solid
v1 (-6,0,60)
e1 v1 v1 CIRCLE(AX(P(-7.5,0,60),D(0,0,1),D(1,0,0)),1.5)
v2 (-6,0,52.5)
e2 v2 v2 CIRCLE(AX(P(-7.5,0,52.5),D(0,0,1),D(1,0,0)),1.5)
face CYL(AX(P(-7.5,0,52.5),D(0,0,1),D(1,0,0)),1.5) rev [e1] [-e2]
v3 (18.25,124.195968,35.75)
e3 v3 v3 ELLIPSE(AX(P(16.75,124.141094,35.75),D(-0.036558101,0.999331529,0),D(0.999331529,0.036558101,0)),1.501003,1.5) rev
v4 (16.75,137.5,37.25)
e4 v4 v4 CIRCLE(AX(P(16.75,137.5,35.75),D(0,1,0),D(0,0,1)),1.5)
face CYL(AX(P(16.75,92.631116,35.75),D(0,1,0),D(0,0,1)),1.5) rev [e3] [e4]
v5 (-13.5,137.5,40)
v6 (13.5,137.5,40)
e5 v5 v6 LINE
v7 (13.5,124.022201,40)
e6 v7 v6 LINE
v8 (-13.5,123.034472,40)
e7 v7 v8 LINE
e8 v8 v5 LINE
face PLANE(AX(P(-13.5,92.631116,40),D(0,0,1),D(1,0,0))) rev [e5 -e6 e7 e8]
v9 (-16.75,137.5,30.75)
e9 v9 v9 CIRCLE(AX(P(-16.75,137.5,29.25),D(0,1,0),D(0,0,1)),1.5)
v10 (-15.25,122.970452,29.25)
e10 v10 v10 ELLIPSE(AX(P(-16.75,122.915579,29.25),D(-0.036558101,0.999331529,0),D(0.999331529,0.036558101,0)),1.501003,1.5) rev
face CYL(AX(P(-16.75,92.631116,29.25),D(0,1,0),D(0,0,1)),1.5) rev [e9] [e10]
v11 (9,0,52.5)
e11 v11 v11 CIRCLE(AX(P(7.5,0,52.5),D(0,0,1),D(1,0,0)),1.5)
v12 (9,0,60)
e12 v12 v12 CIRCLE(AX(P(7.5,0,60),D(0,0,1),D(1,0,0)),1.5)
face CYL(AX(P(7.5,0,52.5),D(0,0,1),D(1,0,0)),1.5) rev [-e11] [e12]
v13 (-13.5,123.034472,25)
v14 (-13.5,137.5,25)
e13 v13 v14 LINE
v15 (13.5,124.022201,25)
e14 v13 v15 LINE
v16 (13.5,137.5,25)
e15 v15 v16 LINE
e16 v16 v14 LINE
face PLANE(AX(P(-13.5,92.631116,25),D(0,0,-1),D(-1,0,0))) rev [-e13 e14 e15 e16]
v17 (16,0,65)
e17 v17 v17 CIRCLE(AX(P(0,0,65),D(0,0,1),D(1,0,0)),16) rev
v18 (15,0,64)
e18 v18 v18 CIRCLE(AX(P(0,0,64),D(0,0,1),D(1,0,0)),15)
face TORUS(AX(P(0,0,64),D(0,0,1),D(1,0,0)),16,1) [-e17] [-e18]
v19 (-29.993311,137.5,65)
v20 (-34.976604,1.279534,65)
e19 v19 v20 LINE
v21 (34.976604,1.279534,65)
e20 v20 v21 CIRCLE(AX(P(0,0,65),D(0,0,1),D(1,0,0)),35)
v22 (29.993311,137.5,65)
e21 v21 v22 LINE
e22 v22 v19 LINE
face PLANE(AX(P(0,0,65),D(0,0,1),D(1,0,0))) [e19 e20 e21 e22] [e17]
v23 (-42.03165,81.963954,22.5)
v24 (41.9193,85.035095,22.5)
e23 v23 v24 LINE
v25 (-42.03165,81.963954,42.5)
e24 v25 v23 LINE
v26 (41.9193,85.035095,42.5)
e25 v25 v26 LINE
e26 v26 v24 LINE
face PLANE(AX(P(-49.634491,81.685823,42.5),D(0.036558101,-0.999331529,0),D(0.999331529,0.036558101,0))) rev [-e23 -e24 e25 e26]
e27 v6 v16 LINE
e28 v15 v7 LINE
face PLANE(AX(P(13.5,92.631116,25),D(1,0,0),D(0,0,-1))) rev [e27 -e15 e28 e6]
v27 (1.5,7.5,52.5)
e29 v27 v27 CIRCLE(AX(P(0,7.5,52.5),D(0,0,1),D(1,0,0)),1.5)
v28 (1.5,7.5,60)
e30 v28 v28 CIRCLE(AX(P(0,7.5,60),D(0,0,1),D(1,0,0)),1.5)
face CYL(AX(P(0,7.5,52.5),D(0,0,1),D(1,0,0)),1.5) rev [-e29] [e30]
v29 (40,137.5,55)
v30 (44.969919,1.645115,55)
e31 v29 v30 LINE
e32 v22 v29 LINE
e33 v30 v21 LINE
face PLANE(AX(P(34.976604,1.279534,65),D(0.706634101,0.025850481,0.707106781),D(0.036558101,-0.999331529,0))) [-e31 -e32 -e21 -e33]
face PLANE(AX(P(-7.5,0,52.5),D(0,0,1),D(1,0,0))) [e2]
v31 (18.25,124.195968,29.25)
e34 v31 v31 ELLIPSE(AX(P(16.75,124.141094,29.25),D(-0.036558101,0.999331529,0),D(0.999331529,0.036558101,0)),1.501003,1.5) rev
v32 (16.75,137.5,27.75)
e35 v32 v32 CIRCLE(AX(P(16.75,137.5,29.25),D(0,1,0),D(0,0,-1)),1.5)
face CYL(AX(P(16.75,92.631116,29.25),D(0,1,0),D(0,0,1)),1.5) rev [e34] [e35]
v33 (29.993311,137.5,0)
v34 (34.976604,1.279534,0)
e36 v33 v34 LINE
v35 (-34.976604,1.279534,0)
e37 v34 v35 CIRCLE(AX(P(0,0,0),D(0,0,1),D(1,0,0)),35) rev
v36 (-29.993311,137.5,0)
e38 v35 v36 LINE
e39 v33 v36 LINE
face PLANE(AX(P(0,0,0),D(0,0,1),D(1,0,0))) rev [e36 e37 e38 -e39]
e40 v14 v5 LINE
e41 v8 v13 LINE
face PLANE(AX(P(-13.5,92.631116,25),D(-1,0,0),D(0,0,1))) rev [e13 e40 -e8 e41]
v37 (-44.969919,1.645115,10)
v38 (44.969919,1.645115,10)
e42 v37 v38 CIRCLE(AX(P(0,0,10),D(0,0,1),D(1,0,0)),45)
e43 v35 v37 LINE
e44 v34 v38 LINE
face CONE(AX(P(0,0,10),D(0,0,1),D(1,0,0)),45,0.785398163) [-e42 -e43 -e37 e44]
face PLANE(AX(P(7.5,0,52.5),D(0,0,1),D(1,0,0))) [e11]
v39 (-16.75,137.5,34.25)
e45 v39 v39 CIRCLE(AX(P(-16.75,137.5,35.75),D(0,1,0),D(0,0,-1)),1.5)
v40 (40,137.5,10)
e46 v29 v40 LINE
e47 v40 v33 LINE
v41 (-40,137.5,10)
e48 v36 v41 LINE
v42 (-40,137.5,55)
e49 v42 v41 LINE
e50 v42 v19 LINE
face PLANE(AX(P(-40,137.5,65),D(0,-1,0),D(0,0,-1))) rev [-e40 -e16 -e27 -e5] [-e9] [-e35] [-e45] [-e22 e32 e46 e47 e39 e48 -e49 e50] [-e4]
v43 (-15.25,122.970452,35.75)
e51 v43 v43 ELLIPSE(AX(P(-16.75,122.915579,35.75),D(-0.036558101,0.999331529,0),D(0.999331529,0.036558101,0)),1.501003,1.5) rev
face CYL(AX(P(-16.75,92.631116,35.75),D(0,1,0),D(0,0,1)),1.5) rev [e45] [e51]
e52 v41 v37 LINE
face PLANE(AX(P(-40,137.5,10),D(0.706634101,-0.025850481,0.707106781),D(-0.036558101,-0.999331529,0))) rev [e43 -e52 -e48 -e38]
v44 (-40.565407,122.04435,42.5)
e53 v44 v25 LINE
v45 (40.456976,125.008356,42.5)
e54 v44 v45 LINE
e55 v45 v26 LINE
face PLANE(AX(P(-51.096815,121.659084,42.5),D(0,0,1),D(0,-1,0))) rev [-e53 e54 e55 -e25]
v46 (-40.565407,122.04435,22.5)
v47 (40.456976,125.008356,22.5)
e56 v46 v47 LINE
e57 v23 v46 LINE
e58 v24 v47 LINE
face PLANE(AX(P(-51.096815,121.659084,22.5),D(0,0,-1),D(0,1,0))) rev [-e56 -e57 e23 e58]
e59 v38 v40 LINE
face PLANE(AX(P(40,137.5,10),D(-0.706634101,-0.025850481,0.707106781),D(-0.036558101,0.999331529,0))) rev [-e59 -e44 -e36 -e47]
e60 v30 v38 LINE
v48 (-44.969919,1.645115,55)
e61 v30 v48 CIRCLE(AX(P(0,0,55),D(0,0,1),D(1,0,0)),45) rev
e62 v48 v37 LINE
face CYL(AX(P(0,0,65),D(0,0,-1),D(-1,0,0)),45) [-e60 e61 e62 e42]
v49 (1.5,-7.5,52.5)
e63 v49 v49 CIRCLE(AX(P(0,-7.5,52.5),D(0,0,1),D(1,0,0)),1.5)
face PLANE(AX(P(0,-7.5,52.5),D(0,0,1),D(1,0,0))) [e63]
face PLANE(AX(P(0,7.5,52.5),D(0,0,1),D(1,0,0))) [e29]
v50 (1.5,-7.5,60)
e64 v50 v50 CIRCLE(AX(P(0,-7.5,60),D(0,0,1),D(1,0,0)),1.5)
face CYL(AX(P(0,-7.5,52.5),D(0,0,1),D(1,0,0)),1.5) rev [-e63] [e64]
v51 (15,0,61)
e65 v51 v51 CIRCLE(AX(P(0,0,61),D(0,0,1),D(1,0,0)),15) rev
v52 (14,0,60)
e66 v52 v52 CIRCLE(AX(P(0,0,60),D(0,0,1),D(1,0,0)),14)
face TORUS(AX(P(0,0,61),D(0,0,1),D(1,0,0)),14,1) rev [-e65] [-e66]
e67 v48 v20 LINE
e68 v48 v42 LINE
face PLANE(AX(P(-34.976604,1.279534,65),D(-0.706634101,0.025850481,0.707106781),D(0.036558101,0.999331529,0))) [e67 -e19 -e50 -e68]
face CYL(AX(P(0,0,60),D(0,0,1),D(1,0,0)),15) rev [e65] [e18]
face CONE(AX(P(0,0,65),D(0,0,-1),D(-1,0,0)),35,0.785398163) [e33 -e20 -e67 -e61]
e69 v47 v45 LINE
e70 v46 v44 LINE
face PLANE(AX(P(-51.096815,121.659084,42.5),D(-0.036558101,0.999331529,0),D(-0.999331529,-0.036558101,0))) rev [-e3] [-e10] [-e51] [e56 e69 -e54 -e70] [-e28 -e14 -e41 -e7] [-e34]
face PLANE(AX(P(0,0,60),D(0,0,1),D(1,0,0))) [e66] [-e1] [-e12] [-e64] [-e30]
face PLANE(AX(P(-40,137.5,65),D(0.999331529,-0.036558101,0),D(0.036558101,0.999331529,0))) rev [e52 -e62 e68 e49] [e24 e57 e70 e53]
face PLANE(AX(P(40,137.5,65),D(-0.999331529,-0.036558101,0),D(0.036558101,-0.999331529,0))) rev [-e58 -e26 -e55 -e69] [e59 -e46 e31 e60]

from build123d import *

# Parameters (mm, degrees)
BOSS_EXTRUDE1_DEPTH = 65
CHAMFER2_SIZE       = 10
SKETCH2_R           = 15
CUT_EXTRUDE1_DEPTH  = 5
SKETCH3_R           = 1.5
CUT_EXTRUDE2_DEPTH  = 7.5
FILLET1_R           = 1
SKETCH4_W           = 20
SKETCH4_H           = 40
CUT_EXTRUDE3_DEPTH  = 176.431286259
CUT_EXTRUDE5_REACH  = 200.888
SKETCH5_R           = 1.5
SKETCH5_W           = 27
SKETCH5_H           = 15


with BuildPart() as part:
    # Sketch1 → Boss-Extrude1 (new body)
    with BuildSketch(Plane.XY):
        with BuildLine():
            Line((-40, 137.5), (40, 137.5))
            Line((40, 137.5), (44.969918815, 1.645114527))
            ThreePointArc((44.969918815, 1.645114527), (0, -45), (-44.969918815, 1.645114527))
            Line((-44.969918815, 1.645114527), (-40, 137.5))
        make_face()
    extrude(amount=BOSS_EXTRUDE1_DEPTH)

    # Chamfer2
    chamfer2_edges = [part.edges().sort_by_distance(p)[0] for p in [
        (-42.484959407, 69.572557263, 65),
        (0, -45, 65),
        (-42.484959407, 69.572557263, 0),
        (42.484959407, 69.572557263, 0),
        (0, -45, 0),
        (42.484959407, 69.572557263, 65),
    ]]
    chamfer(chamfer2_edges, length=CHAMFER2_SIZE)

    # Sketch2 → Cut-Extrude1 (cut)
    with BuildSketch(Plane.XY.offset(65)):
        Circle(SKETCH2_R)
    extrude(amount=-CUT_EXTRUDE1_DEPTH, mode=Mode.SUBTRACT)

    # Sketch3 → Cut-Extrude2 (cut)
    with BuildSketch(Plane.XY.offset(60)):
        with Locations((0, 7.5)):
            Circle(SKETCH3_R)
        with Locations((7.5, 0)):
            Circle(SKETCH3_R)
        with Locations((0, -7.5)):
            Circle(SKETCH3_R)
        with Locations((-7.5, 0)):
            Circle(SKETCH3_R)
    extrude(amount=-CUT_EXTRUDE2_DEPTH, mode=Mode.SUBTRACT)

    # Fillet1
    fillet1_edges = [part.edges().sort_by_distance(p)[0] for p in [
        (-15, 0, 60),
        (-15, 0, 65),
    ]]
    fillet(fillet1_edges, radius=FILLET1_R)

    # Sketch4 → Cut-Extrude3 (cut, through all)
    with BuildSketch(Plane(origin=(44.969918815, 1.645114527, 0), x_dir=(0, 0, -1), z_dir=(0.9993315292139455, 0.03655810059230684, 0))):
        with Locations((-32.5, 103.445761243)):
            Rectangle(SKETCH4_W, SKETCH4_H)
    extrude(amount=-CUT_EXTRUDE3_DEPTH, mode=Mode.SUBTRACT)

    # Cut-Extrude5: up to this plane
    cut_extrude5_end = Plane(origin=(-51.096815111, 121.65908428, 42.5), z_dir=(-0.036558100592306846, 0.9993315292139455, 0))
    # Sketch5 → Cut-Extrude5 (cut, up to the surface)
    with BuildSketch(Plane(origin=(0, 137.5, 0), x_dir=(1, 0, 0), z_dir=(0, 1, 0)), mode=Mode.PRIVATE) as cut_extrude5_sk1:
        with Locations(Location((-16.75, -29.25, 0), (0, 0, 270))):
            Circle(SKETCH5_R)
    cut_extrude5_tool1 = split(extrude(cut_extrude5_sk1.sketch, amount=-CUT_EXTRUDE5_REACH, mode=Mode.PRIVATE), bisect_by=cut_extrude5_end, keep=Keep.BOTH, mode=Mode.PRIVATE)
    add(cut_extrude5_tool1.solids().sort_by_distance((-16.75, 137.5, 29.25))[0], mode=Mode.SUBTRACT)
    # Sketch5 → Cut-Extrude5 (cut, up to the surface)
    with BuildSketch(Plane(origin=(0, 137.5, 0), x_dir=(1, 0, 0), z_dir=(0, 1, 0)), mode=Mode.PRIVATE) as cut_extrude5_sk2:
        with Locations((-16.75, -35.75)):
            Circle(SKETCH5_R)
    cut_extrude5_tool2 = split(extrude(cut_extrude5_sk2.sketch, amount=-CUT_EXTRUDE5_REACH, mode=Mode.PRIVATE), bisect_by=cut_extrude5_end, keep=Keep.BOTH, mode=Mode.PRIVATE)
    add(cut_extrude5_tool2.solids().sort_by_distance((-16.75, 137.5, 35.75))[0], mode=Mode.SUBTRACT)
    # Sketch5 → Cut-Extrude5 (cut, up to the surface)
    with BuildSketch(Plane(origin=(0, 137.5, 0), x_dir=(1, 0, 0), z_dir=(0, 1, 0)), mode=Mode.PRIVATE) as cut_extrude5_sk3:
        with Locations(Location((16.75, -35.75, 0), (0, 0, 270))):
            Circle(SKETCH5_R)
    cut_extrude5_tool3 = split(extrude(cut_extrude5_sk3.sketch, amount=-CUT_EXTRUDE5_REACH, mode=Mode.PRIVATE), bisect_by=cut_extrude5_end, keep=Keep.BOTH, mode=Mode.PRIVATE)
    add(cut_extrude5_tool3.solids().sort_by_distance((16.75, 137.5, 35.75))[0], mode=Mode.SUBTRACT)
    # Sketch5 → Cut-Extrude5 (cut, up to the surface)
    with BuildSketch(Plane(origin=(0, 137.5, 0), x_dir=(1, 0, 0), z_dir=(0, 1, 0)), mode=Mode.PRIVATE) as cut_extrude5_sk4:
        with Locations((16.75, -29.25)):
            Circle(SKETCH5_R)
    cut_extrude5_tool4 = split(extrude(cut_extrude5_sk4.sketch, amount=-CUT_EXTRUDE5_REACH, mode=Mode.PRIVATE), bisect_by=cut_extrude5_end, keep=Keep.BOTH, mode=Mode.PRIVATE)
    add(cut_extrude5_tool4.solids().sort_by_distance((16.75, 137.5, 29.25))[0], mode=Mode.SUBTRACT)
    # Sketch5 → Cut-Extrude5 (cut, up to the surface)
    with BuildSketch(Plane(origin=(0, 137.5, 0), x_dir=(1, 0, 0), z_dir=(0, 1, 0)), mode=Mode.PRIVATE) as cut_extrude5_sk5:
        with Locations((0, -32.5)):
            Rectangle(SKETCH5_W, SKETCH5_H)
    cut_extrude5_tool5 = split(extrude(cut_extrude5_sk5.sketch, amount=-CUT_EXTRUDE5_REACH, mode=Mode.PRIVATE), bisect_by=cut_extrude5_end, keep=Keep.BOTH, mode=Mode.PRIVATE)
    add(cut_extrude5_tool5.solids().sort_by_distance((0, 137.5, 32.5))[0], mode=Mode.SUBTRACT)


solid = part.part
